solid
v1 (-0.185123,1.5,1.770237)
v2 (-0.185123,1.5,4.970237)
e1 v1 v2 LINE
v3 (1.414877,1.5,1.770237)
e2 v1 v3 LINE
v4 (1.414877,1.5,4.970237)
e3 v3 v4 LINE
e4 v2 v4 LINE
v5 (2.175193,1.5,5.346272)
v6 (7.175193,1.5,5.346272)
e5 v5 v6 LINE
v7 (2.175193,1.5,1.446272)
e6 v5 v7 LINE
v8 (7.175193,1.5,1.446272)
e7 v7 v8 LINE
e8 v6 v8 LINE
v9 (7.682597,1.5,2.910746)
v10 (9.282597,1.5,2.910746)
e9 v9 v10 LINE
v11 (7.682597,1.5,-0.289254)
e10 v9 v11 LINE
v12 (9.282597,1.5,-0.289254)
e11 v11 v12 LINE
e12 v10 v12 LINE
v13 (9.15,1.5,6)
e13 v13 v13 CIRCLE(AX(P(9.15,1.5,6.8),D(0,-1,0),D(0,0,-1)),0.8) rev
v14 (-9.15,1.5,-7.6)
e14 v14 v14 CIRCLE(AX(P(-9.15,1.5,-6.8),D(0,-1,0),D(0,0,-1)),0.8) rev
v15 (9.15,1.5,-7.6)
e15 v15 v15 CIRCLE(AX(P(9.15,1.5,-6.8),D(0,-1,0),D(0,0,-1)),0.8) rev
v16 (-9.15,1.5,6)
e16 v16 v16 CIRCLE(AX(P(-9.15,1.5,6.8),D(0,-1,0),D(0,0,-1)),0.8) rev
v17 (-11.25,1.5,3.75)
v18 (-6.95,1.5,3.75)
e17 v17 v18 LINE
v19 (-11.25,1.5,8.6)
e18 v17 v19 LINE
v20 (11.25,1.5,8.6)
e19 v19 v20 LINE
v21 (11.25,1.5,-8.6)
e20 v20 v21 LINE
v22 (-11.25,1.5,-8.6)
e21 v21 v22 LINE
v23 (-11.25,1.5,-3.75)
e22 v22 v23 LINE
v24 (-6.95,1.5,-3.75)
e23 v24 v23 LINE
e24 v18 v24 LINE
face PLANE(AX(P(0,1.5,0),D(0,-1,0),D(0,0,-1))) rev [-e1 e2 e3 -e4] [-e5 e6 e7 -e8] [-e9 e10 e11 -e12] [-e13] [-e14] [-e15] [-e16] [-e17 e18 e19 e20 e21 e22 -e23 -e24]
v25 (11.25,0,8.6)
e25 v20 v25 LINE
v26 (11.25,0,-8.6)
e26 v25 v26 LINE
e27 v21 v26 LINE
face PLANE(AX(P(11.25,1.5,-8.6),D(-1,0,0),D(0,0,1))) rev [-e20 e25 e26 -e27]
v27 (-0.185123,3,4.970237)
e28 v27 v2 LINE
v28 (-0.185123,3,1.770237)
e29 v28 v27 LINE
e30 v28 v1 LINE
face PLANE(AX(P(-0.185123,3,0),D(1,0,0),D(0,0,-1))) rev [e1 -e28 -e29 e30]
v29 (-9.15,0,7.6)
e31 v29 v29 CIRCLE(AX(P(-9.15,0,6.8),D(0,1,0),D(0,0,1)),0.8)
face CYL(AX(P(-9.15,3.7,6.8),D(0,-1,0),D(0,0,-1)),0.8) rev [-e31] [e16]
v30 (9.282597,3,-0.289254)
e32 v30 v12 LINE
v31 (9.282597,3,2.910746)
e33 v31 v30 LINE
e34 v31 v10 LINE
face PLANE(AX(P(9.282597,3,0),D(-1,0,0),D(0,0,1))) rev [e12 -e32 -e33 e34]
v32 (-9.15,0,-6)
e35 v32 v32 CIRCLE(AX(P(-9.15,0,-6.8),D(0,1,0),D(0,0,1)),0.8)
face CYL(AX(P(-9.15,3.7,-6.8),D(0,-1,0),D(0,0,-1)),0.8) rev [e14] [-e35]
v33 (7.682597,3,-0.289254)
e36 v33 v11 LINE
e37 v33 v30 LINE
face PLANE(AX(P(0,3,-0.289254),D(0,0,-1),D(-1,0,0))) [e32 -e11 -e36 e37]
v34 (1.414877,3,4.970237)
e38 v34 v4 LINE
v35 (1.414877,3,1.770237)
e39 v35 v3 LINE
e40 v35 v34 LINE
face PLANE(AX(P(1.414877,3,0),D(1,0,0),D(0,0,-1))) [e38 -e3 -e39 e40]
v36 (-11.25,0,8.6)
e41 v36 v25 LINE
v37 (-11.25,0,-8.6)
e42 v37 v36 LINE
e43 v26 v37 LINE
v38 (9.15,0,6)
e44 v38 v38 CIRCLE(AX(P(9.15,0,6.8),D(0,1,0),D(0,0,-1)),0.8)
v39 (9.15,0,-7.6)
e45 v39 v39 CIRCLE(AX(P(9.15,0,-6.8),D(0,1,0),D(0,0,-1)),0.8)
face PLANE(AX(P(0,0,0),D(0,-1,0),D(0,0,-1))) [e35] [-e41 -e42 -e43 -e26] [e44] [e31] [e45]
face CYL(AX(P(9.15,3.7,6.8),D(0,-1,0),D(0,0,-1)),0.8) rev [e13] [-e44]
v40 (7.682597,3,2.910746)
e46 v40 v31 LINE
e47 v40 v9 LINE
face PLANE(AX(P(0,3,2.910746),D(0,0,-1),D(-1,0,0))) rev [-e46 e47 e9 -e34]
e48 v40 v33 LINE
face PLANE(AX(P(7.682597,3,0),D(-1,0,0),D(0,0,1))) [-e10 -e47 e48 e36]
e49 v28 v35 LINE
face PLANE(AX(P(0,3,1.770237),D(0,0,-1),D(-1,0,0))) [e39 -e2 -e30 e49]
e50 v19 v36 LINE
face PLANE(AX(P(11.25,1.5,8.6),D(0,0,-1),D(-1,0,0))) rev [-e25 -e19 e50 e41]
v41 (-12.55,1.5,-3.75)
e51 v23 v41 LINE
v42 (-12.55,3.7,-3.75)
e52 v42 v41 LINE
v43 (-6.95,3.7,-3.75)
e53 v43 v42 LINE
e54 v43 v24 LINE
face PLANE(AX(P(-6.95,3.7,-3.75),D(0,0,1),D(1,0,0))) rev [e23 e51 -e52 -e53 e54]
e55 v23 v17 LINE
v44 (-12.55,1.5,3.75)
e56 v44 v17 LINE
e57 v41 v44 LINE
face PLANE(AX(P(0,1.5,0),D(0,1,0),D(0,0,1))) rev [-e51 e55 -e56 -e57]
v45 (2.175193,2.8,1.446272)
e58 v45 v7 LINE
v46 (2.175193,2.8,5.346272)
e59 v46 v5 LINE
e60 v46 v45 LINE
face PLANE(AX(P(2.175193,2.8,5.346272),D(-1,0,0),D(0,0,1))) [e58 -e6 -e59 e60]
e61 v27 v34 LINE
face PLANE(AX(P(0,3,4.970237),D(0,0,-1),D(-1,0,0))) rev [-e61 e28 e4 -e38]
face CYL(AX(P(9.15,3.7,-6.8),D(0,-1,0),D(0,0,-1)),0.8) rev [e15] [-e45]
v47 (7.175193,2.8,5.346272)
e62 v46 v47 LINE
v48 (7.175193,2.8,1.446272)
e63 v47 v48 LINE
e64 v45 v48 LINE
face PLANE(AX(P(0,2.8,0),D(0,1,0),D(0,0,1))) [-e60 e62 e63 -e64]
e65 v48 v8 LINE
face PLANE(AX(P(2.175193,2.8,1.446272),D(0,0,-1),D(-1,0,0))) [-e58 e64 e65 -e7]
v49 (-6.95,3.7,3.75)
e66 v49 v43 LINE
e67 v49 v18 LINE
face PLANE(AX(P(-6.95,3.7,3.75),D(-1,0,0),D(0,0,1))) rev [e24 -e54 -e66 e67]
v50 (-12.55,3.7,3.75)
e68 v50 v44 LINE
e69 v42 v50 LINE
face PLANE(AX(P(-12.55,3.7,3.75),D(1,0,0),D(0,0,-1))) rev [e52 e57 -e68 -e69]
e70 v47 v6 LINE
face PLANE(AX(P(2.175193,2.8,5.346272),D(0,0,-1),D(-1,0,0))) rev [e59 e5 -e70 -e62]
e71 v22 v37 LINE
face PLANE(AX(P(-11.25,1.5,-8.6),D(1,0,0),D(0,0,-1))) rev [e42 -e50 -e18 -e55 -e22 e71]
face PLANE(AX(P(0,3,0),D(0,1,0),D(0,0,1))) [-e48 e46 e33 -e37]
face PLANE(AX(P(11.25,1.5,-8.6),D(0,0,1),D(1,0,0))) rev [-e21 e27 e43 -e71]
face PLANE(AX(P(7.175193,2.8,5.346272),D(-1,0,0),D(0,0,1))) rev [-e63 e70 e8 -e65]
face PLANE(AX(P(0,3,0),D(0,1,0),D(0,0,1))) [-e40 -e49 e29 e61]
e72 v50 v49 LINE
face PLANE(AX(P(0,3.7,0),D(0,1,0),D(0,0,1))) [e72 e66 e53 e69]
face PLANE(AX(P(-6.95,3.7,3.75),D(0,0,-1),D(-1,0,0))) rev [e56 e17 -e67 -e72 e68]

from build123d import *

# Parameters (mm, degrees)
SKETCH1_W           = 22.5
SKETCH1_H           = 17.2
BOSS_EXTRUDE1_DEPTH = 1.5
SKETCH2_W           = 1.6
SKETCH2_H           = 3.2
BOSS_EXTRUDE2_DEPTH = 1.5
SKETCH2_3_W         = 5
SKETCH2_3_H         = 3.9
BOSS_EXTRUDE3_DEPTH = 1.3
SKETCH3_W           = 5.6
SKETCH3_H           = 7.5
BOSS_EXTRUDE4_DEPTH = 2.2
SKETCH4_R           = 0.8
CUT_EXTRUDE1_DEPTH  = 16.657346518


with BuildPart() as part:
    # Sketch1 → Boss-Extrude1 (new body)
    with BuildSketch(Plane(origin=(0, 0, 0), x_dir=(1, 0, 0), z_dir=(0, 1, 0))):
        Rectangle(SKETCH1_W, SKETCH1_H)
    extrude(amount=BOSS_EXTRUDE1_DEPTH)

    # Sketch2 → Boss-Extrude2 (add)
    with BuildSketch(Plane(origin=(0, 1.5, 0), x_dir=(1, 0, 0), z_dir=(0, 1, 0))):
        with Locations((8.482597382, -1.31074558)):
            Rectangle(SKETCH2_W, SKETCH2_H)
        with Locations((0.614877172, -3.370237047)):
            Rectangle(SKETCH2_W, SKETCH2_H)
    extrude(amount=BOSS_EXTRUDE2_DEPTH)

    # Sketch2<3> → Boss-Extrude3 (add)
    with BuildSketch(Plane(origin=(0, 1.5, 0), x_dir=(1, 0, 0), z_dir=(0, 1, 0))):
        with Locations((4.675193235, -3.396272098)):
            Rectangle(SKETCH2_3_W, SKETCH2_3_H)
    extrude(amount=BOSS_EXTRUDE3_DEPTH)

    # Sketch3 → Boss-Extrude4 (add)
    with BuildSketch(Plane(origin=(0, 1.5, 0), x_dir=(1, 0, 0), z_dir=(0, 1, 0))):
        with Locations((-9.75, 0)):
            Rectangle(SKETCH3_W, SKETCH3_H)
    extrude(amount=BOSS_EXTRUDE4_DEPTH)

    # Sketch4 → Cut-Extrude1 (cut, through all)
    with BuildSketch(Plane(origin=(0, 0, 0), x_dir=(1, 0, 0), z_dir=(0, 1, 0))):
        with Locations((-9.15, 6.8)):
            Circle(SKETCH4_R)
        with Locations((-9.15, -6.8)):
            Circle(SKETCH4_R)
        with Locations((9.15, -6.8)):
            Circle(SKETCH4_R)
        with Locations((9.15, 6.8)):
            Circle(SKETCH4_R)
    extrude(amount=CUT_EXTRUDE1_DEPTH, mode=Mode.SUBTRACT)


solid = part.part
